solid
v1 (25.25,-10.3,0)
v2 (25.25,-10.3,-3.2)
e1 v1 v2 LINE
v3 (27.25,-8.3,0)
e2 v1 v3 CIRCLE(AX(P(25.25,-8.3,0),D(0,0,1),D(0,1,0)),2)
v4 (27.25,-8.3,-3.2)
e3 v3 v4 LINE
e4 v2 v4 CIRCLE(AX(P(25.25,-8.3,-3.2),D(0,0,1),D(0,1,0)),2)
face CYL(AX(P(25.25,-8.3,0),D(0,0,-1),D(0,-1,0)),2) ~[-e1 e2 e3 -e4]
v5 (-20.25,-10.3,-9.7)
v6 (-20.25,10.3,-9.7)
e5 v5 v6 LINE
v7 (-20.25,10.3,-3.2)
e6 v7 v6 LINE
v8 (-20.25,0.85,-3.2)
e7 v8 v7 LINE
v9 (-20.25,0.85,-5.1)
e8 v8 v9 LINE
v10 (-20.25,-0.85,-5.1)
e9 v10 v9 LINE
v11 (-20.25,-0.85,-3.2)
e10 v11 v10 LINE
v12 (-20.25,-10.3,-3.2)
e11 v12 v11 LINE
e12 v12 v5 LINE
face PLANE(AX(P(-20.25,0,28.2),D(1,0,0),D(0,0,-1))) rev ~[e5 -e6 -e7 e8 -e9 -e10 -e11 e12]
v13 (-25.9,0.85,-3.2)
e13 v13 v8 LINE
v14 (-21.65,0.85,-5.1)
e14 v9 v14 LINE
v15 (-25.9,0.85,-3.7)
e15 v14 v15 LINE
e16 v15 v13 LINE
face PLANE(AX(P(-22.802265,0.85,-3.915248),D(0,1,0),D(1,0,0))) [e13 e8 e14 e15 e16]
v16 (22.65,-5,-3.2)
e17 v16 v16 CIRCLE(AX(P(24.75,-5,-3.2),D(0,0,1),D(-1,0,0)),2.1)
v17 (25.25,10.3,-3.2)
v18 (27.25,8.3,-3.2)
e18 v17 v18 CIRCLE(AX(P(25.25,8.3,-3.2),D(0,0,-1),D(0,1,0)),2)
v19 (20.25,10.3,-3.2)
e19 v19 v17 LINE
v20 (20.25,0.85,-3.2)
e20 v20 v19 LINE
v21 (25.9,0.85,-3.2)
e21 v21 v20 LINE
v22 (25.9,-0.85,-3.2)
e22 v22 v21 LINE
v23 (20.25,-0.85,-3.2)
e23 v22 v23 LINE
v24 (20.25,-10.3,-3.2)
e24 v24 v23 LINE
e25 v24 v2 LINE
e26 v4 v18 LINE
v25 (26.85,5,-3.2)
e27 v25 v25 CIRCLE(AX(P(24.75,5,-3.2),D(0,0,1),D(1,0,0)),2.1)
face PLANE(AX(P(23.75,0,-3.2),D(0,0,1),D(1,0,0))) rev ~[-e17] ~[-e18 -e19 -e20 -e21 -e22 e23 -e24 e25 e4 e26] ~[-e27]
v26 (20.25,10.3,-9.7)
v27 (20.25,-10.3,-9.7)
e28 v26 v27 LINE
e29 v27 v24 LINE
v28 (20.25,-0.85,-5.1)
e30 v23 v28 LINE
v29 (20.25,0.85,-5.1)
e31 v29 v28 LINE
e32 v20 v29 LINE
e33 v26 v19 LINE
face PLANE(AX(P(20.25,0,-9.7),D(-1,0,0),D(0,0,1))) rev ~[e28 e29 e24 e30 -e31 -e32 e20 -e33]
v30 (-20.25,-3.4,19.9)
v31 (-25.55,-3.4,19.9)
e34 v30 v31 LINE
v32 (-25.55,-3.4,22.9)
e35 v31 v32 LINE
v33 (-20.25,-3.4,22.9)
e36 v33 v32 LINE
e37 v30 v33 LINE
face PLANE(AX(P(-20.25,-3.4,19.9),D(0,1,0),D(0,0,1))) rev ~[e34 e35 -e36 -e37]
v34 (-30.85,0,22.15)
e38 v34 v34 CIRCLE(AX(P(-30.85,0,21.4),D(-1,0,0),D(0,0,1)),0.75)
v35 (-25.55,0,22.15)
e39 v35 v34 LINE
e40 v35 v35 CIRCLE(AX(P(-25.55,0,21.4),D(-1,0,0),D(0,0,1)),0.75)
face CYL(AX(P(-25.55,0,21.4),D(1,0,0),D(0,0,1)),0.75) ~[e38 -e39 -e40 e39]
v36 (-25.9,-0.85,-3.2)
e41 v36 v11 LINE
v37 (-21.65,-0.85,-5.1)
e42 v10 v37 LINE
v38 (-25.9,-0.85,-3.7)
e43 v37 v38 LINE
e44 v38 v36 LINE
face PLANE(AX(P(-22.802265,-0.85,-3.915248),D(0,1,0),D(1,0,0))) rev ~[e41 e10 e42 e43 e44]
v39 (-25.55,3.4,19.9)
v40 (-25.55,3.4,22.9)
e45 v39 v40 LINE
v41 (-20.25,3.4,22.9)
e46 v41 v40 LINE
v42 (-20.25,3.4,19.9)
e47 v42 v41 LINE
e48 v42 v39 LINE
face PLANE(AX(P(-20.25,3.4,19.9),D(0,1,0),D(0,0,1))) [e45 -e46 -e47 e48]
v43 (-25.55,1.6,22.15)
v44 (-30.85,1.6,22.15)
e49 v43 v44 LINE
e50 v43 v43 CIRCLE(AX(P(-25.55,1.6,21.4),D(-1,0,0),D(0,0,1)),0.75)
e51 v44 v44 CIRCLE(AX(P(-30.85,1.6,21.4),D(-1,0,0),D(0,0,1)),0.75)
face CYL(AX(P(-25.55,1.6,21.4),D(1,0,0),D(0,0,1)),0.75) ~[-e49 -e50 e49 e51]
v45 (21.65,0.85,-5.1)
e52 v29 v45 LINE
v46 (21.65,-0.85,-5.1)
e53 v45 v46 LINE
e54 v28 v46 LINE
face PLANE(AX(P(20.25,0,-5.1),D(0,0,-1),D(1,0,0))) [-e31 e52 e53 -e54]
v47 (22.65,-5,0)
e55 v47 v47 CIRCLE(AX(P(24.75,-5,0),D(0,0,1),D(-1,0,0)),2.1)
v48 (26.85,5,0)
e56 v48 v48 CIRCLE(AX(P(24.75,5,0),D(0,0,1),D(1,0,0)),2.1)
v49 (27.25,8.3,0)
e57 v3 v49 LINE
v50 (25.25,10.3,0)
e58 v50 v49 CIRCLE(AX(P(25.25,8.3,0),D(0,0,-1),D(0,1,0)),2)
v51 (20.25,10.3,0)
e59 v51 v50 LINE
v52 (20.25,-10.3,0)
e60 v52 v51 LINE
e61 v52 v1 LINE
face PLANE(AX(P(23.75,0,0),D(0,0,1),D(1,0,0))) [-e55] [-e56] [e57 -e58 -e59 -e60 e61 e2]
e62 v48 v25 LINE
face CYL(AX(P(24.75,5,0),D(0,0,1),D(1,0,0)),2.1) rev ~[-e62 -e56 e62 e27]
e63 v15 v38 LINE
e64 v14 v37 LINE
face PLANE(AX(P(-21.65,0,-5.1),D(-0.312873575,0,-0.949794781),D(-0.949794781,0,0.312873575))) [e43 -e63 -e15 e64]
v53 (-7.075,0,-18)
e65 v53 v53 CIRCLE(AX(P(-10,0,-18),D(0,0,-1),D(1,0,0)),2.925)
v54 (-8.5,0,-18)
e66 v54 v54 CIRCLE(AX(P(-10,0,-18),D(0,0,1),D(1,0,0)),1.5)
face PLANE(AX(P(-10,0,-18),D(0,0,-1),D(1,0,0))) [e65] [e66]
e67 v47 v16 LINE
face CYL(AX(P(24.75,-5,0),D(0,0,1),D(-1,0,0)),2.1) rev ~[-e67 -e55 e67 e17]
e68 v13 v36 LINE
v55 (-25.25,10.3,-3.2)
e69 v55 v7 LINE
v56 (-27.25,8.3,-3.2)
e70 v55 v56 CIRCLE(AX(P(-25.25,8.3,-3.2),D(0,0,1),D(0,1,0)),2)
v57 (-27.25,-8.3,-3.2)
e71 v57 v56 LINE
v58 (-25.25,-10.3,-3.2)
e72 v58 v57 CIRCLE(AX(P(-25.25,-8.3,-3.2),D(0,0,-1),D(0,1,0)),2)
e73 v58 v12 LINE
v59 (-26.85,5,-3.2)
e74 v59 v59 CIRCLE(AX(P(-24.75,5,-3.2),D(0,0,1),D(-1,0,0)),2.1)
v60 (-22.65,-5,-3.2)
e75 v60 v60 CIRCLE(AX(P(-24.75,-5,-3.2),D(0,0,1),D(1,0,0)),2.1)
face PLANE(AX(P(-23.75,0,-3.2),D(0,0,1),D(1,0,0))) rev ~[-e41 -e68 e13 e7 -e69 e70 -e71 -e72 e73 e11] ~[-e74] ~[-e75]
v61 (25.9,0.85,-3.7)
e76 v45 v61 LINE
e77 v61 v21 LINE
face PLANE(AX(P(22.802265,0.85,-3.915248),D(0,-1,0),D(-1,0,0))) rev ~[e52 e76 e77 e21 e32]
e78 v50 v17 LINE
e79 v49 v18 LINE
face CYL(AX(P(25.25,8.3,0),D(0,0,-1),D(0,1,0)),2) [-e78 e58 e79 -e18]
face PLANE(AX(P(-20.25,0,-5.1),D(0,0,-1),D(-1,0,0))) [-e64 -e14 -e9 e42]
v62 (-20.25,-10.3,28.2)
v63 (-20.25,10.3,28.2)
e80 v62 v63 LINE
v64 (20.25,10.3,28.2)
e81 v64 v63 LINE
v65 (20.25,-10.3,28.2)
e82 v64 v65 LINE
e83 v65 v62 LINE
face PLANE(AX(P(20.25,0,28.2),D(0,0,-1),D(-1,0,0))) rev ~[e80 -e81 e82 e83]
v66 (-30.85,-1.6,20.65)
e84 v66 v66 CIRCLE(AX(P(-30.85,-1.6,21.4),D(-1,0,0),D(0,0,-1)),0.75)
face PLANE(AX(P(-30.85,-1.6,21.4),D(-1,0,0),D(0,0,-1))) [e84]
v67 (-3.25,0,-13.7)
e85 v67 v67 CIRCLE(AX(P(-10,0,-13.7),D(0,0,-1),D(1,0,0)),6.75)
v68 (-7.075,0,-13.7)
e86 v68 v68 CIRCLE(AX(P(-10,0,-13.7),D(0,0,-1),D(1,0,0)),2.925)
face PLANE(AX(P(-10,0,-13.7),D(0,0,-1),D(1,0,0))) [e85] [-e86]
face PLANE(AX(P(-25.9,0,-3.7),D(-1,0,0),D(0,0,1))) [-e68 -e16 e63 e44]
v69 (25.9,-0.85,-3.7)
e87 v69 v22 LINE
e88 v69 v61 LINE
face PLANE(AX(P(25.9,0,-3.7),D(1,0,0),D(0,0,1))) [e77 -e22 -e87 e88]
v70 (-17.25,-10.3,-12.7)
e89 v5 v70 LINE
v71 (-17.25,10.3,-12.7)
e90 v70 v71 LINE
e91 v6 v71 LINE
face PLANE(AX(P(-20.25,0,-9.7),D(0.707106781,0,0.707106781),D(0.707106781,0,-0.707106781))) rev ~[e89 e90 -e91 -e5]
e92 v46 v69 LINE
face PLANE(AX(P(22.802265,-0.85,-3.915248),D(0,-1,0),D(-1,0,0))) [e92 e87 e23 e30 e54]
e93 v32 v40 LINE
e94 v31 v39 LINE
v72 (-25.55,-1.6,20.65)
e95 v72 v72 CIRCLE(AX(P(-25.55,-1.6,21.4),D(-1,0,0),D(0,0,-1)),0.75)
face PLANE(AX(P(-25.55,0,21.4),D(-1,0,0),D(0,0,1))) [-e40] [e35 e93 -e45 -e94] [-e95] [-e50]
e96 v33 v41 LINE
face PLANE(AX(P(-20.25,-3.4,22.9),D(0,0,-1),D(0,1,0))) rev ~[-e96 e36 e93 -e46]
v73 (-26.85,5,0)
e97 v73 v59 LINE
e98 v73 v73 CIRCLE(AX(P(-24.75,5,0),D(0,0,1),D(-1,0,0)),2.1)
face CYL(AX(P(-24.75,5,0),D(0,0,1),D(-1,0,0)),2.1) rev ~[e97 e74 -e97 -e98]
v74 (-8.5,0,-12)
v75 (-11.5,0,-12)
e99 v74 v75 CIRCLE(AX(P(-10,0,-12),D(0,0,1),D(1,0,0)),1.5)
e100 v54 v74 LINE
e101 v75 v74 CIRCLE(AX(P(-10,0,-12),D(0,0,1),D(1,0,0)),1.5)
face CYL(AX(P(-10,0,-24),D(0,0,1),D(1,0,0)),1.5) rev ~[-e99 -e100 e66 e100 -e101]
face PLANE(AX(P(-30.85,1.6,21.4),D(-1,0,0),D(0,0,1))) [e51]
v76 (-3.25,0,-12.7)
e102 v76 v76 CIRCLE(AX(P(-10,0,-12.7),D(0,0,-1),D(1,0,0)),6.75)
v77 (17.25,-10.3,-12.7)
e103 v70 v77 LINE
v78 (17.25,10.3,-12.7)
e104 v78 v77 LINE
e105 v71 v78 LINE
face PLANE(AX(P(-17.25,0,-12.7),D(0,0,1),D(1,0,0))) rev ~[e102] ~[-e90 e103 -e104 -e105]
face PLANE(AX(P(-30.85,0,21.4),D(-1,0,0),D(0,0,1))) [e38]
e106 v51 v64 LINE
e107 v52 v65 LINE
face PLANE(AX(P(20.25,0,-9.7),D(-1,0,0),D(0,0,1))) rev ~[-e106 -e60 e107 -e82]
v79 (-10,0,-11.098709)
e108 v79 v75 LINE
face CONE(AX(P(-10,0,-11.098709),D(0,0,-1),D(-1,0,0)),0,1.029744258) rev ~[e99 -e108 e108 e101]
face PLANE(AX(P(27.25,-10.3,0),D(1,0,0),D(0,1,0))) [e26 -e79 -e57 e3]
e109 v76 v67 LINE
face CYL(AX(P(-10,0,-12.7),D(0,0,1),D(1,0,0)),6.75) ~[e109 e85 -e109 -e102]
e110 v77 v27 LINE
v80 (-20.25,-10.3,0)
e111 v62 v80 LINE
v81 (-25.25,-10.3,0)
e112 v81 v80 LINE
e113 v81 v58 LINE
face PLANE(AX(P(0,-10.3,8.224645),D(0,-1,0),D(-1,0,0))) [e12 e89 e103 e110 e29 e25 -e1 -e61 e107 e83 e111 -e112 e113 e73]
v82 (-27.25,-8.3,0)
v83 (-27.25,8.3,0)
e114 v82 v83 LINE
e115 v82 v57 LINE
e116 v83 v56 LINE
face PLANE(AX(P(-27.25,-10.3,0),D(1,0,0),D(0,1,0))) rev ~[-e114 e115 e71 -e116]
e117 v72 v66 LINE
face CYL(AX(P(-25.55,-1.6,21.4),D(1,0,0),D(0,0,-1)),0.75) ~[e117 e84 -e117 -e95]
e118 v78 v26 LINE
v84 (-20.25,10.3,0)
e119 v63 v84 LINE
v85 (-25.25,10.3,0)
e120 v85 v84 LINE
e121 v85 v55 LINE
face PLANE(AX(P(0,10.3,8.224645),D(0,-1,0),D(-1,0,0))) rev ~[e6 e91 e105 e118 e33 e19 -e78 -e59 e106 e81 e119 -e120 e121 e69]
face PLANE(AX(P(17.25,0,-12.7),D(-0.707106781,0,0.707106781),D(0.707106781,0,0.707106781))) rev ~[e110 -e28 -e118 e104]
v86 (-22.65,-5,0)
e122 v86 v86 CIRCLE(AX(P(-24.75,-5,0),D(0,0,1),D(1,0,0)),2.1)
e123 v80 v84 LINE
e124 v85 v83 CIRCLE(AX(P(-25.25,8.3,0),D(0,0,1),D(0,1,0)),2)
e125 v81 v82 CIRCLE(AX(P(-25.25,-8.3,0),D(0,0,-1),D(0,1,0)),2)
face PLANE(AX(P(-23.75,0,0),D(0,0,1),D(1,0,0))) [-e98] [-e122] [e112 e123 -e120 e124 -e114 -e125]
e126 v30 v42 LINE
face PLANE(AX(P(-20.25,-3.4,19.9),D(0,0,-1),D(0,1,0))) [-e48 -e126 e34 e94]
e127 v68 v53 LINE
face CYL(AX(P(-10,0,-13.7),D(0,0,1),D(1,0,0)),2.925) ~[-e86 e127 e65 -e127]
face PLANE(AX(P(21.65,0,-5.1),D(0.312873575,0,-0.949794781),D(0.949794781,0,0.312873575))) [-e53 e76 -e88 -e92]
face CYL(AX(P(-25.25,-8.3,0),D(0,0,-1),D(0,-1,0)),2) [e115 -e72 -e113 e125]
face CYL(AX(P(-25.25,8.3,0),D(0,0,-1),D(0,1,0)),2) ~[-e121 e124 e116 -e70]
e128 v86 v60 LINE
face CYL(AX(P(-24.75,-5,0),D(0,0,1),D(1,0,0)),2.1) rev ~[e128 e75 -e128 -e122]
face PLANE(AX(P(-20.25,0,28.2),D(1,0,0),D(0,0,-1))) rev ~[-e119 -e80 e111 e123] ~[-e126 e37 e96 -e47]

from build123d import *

# Parameters (mm, degrees)
BOSS_EXTRU_1_DEPTH                = 10.3
ESQUISSE3_W                       = 7
ESQUISSE3_H                       = 20.6
ESQUISSE3_R                       = 2.1
BOSS_EXTRU_2_DEPTH                = 3.2
BOSS_EXTRU_3_DEPTH                = 0.85
ESQUISSE8_R                       = 6.75
BOSS_EXTRU_7_DEPTH                = 1
ESQUISSE5_R                       = 2.925
BOSS_EXTRU_4_DEPTH                = 4.3
CONG_1_R                          = 2
ESQUISSE6_W                       = 3
ESQUISSE6_H                       = 6.8
BOSS_EXTRU_5_DEPTH                = 5.3
ESQUISSE7_R                       = 0.75
BOSS_EXTRU_6_DEPTH                = 5.3
DIAM_TRE_DU_PER_AGE_3_0_3_1_D     = 3
DIAM_TRE_DU_PER_AGE_3_0_3_1_DEPTH = 6
DIAM_TRE_DU_PER_AGE_3_0_3_1_TIP   = 0.901290929


with BuildPart() as part:
    # Esquisse1 → Boss.-Extru.1 (new, symmetric)
    with BuildSketch(Plane(origin=(0, 0, 0), x_dir=(1, 0, 0), z_dir=(0, 1, 0))):
        Polygon((-17.25, 12.7), (17.25, 12.7), (20.25, 9.7), (20.25, -28.2), (-20.25, -28.2), (-20.25, 9.7), align=None)
    extrude(amount=BOSS_EXTRU_1_DEPTH, both=True)

    # Esquisse3 → Boss.-Extru.2 (add)
    # profile 1 of 2: a face of its own
    with BuildSketch(Plane.XY):
        with Locations((23.75, 0)):
            Rectangle(ESQUISSE3_W, ESQUISSE3_H)
        with Locations((24.75, 5)):
            Circle(ESQUISSE3_R, mode=Mode.SUBTRACT)
        with Locations(Location((24.75, -5, 0), (0, 0, 180))):
            Circle(ESQUISSE3_R, mode=Mode.SUBTRACT)
    # profile 2 of 2: a face of its own
    with BuildSketch(Plane.XY):
        with Locations((-23.75, 0)):
            Rectangle(ESQUISSE3_W, ESQUISSE3_H)
        with Locations(Location((-24.75, 5, 0), (0, 0, 180))):
            Circle(ESQUISSE3_R, mode=Mode.SUBTRACT)
        with Locations((-24.75, -5)):
            Circle(ESQUISSE3_R, mode=Mode.SUBTRACT)
    extrude(amount=-BOSS_EXTRU_2_DEPTH)

    # Esquisse4 → Boss.-Extru.3 (add, symmetric)
    with BuildSketch(Plane(origin=(0, 0, 0), x_dir=(1, 0, 0), z_dir=(0, 1, 0))):
        Polygon((20.25, 3.2), (20.25, 5.1), (21.65, 5.1), (25.9, 3.7), (25.9, 3.2), align=None)
        Polygon((-25.9, 3.2), (-20.25, 3.2), (-20.25, 5.1), (-21.65, 5.1), (-25.9, 3.7), align=None)
    extrude(amount=BOSS_EXTRU_3_DEPTH, both=True)

    # Esquisse8 → Boss.-Extru.7 (add)
    with BuildSketch(Plane(origin=(0, 0, -12.7), x_dir=(-1, 0, 0), z_dir=(0, 0, -1))):
        with Locations(Location((10, 0, 0), (0, 0, 180))):
            Circle(ESQUISSE8_R)
    extrude(amount=BOSS_EXTRU_7_DEPTH)

    # Esquisse5 → Boss.-Extru.4 (add)
    with BuildSketch(Plane(origin=(0, 0, -13.7), x_dir=(-1, 0, 0), z_dir=(0, 0, -1))):
        with Locations(Location((10, 0, 0), (0, 0, 180))):
            Circle(ESQUISSE5_R)
    extrude(amount=BOSS_EXTRU_4_DEPTH)

    # Congé1
    cong_1_edges = [part.edges().sort_by_distance(p)[0] for p in [
        (27.25, 10.3, -1.6),
        (27.25, -10.3, -1.6),
        (-27.25, -10.3, -1.6),
        (-27.25, 10.3, -1.6),
    ]]
    fillet(cong_1_edges, radius=CONG_1_R)

    # Esquisse6 → Boss.-Extru.5 (add)
    with BuildSketch(Plane.ZY.offset(20.25)):
        with Locations((21.4, 0)):
            Rectangle(ESQUISSE6_W, ESQUISSE6_H)
    extrude(amount=BOSS_EXTRU_5_DEPTH)

    # Esquisse7 → Boss.-Extru.6 (add)
    with BuildSketch(Plane.ZY.offset(25.55)):
        with Locations((21.4, 0)):
            Circle(ESQUISSE7_R)
        with Locations((21.4, 1.6)):
            Circle(ESQUISSE7_R)
        with Locations(Location((21.4, -1.6, 0), (0, 0, 180))):
            Circle(ESQUISSE7_R)
    extrude(amount=BOSS_EXTRU_6_DEPTH)

    # Diamètre du perçage Ø3.0 (3)1
    with Locations(Plane(origin=(0, 0, -18), x_dir=(-1, 0, 0), z_dir=(0, 0, -1))):
        with Locations((10, 0)):
            Hole(DIAM_TRE_DU_PER_AGE_3_0_3_1_D / 2, depth=DIAM_TRE_DU_PER_AGE_3_0_3_1_DEPTH)
            with Locations((0, 0, -(DIAM_TRE_DU_PER_AGE_3_0_3_1_DEPTH + DIAM_TRE_DU_PER_AGE_3_0_3_1_TIP / 2))):  # 118° drill point
                Cone(0, DIAM_TRE_DU_PER_AGE_3_0_3_1_D / 2, DIAM_TRE_DU_PER_AGE_3_0_3_1_TIP, mode=Mode.SUBTRACT)


solid = part.part
